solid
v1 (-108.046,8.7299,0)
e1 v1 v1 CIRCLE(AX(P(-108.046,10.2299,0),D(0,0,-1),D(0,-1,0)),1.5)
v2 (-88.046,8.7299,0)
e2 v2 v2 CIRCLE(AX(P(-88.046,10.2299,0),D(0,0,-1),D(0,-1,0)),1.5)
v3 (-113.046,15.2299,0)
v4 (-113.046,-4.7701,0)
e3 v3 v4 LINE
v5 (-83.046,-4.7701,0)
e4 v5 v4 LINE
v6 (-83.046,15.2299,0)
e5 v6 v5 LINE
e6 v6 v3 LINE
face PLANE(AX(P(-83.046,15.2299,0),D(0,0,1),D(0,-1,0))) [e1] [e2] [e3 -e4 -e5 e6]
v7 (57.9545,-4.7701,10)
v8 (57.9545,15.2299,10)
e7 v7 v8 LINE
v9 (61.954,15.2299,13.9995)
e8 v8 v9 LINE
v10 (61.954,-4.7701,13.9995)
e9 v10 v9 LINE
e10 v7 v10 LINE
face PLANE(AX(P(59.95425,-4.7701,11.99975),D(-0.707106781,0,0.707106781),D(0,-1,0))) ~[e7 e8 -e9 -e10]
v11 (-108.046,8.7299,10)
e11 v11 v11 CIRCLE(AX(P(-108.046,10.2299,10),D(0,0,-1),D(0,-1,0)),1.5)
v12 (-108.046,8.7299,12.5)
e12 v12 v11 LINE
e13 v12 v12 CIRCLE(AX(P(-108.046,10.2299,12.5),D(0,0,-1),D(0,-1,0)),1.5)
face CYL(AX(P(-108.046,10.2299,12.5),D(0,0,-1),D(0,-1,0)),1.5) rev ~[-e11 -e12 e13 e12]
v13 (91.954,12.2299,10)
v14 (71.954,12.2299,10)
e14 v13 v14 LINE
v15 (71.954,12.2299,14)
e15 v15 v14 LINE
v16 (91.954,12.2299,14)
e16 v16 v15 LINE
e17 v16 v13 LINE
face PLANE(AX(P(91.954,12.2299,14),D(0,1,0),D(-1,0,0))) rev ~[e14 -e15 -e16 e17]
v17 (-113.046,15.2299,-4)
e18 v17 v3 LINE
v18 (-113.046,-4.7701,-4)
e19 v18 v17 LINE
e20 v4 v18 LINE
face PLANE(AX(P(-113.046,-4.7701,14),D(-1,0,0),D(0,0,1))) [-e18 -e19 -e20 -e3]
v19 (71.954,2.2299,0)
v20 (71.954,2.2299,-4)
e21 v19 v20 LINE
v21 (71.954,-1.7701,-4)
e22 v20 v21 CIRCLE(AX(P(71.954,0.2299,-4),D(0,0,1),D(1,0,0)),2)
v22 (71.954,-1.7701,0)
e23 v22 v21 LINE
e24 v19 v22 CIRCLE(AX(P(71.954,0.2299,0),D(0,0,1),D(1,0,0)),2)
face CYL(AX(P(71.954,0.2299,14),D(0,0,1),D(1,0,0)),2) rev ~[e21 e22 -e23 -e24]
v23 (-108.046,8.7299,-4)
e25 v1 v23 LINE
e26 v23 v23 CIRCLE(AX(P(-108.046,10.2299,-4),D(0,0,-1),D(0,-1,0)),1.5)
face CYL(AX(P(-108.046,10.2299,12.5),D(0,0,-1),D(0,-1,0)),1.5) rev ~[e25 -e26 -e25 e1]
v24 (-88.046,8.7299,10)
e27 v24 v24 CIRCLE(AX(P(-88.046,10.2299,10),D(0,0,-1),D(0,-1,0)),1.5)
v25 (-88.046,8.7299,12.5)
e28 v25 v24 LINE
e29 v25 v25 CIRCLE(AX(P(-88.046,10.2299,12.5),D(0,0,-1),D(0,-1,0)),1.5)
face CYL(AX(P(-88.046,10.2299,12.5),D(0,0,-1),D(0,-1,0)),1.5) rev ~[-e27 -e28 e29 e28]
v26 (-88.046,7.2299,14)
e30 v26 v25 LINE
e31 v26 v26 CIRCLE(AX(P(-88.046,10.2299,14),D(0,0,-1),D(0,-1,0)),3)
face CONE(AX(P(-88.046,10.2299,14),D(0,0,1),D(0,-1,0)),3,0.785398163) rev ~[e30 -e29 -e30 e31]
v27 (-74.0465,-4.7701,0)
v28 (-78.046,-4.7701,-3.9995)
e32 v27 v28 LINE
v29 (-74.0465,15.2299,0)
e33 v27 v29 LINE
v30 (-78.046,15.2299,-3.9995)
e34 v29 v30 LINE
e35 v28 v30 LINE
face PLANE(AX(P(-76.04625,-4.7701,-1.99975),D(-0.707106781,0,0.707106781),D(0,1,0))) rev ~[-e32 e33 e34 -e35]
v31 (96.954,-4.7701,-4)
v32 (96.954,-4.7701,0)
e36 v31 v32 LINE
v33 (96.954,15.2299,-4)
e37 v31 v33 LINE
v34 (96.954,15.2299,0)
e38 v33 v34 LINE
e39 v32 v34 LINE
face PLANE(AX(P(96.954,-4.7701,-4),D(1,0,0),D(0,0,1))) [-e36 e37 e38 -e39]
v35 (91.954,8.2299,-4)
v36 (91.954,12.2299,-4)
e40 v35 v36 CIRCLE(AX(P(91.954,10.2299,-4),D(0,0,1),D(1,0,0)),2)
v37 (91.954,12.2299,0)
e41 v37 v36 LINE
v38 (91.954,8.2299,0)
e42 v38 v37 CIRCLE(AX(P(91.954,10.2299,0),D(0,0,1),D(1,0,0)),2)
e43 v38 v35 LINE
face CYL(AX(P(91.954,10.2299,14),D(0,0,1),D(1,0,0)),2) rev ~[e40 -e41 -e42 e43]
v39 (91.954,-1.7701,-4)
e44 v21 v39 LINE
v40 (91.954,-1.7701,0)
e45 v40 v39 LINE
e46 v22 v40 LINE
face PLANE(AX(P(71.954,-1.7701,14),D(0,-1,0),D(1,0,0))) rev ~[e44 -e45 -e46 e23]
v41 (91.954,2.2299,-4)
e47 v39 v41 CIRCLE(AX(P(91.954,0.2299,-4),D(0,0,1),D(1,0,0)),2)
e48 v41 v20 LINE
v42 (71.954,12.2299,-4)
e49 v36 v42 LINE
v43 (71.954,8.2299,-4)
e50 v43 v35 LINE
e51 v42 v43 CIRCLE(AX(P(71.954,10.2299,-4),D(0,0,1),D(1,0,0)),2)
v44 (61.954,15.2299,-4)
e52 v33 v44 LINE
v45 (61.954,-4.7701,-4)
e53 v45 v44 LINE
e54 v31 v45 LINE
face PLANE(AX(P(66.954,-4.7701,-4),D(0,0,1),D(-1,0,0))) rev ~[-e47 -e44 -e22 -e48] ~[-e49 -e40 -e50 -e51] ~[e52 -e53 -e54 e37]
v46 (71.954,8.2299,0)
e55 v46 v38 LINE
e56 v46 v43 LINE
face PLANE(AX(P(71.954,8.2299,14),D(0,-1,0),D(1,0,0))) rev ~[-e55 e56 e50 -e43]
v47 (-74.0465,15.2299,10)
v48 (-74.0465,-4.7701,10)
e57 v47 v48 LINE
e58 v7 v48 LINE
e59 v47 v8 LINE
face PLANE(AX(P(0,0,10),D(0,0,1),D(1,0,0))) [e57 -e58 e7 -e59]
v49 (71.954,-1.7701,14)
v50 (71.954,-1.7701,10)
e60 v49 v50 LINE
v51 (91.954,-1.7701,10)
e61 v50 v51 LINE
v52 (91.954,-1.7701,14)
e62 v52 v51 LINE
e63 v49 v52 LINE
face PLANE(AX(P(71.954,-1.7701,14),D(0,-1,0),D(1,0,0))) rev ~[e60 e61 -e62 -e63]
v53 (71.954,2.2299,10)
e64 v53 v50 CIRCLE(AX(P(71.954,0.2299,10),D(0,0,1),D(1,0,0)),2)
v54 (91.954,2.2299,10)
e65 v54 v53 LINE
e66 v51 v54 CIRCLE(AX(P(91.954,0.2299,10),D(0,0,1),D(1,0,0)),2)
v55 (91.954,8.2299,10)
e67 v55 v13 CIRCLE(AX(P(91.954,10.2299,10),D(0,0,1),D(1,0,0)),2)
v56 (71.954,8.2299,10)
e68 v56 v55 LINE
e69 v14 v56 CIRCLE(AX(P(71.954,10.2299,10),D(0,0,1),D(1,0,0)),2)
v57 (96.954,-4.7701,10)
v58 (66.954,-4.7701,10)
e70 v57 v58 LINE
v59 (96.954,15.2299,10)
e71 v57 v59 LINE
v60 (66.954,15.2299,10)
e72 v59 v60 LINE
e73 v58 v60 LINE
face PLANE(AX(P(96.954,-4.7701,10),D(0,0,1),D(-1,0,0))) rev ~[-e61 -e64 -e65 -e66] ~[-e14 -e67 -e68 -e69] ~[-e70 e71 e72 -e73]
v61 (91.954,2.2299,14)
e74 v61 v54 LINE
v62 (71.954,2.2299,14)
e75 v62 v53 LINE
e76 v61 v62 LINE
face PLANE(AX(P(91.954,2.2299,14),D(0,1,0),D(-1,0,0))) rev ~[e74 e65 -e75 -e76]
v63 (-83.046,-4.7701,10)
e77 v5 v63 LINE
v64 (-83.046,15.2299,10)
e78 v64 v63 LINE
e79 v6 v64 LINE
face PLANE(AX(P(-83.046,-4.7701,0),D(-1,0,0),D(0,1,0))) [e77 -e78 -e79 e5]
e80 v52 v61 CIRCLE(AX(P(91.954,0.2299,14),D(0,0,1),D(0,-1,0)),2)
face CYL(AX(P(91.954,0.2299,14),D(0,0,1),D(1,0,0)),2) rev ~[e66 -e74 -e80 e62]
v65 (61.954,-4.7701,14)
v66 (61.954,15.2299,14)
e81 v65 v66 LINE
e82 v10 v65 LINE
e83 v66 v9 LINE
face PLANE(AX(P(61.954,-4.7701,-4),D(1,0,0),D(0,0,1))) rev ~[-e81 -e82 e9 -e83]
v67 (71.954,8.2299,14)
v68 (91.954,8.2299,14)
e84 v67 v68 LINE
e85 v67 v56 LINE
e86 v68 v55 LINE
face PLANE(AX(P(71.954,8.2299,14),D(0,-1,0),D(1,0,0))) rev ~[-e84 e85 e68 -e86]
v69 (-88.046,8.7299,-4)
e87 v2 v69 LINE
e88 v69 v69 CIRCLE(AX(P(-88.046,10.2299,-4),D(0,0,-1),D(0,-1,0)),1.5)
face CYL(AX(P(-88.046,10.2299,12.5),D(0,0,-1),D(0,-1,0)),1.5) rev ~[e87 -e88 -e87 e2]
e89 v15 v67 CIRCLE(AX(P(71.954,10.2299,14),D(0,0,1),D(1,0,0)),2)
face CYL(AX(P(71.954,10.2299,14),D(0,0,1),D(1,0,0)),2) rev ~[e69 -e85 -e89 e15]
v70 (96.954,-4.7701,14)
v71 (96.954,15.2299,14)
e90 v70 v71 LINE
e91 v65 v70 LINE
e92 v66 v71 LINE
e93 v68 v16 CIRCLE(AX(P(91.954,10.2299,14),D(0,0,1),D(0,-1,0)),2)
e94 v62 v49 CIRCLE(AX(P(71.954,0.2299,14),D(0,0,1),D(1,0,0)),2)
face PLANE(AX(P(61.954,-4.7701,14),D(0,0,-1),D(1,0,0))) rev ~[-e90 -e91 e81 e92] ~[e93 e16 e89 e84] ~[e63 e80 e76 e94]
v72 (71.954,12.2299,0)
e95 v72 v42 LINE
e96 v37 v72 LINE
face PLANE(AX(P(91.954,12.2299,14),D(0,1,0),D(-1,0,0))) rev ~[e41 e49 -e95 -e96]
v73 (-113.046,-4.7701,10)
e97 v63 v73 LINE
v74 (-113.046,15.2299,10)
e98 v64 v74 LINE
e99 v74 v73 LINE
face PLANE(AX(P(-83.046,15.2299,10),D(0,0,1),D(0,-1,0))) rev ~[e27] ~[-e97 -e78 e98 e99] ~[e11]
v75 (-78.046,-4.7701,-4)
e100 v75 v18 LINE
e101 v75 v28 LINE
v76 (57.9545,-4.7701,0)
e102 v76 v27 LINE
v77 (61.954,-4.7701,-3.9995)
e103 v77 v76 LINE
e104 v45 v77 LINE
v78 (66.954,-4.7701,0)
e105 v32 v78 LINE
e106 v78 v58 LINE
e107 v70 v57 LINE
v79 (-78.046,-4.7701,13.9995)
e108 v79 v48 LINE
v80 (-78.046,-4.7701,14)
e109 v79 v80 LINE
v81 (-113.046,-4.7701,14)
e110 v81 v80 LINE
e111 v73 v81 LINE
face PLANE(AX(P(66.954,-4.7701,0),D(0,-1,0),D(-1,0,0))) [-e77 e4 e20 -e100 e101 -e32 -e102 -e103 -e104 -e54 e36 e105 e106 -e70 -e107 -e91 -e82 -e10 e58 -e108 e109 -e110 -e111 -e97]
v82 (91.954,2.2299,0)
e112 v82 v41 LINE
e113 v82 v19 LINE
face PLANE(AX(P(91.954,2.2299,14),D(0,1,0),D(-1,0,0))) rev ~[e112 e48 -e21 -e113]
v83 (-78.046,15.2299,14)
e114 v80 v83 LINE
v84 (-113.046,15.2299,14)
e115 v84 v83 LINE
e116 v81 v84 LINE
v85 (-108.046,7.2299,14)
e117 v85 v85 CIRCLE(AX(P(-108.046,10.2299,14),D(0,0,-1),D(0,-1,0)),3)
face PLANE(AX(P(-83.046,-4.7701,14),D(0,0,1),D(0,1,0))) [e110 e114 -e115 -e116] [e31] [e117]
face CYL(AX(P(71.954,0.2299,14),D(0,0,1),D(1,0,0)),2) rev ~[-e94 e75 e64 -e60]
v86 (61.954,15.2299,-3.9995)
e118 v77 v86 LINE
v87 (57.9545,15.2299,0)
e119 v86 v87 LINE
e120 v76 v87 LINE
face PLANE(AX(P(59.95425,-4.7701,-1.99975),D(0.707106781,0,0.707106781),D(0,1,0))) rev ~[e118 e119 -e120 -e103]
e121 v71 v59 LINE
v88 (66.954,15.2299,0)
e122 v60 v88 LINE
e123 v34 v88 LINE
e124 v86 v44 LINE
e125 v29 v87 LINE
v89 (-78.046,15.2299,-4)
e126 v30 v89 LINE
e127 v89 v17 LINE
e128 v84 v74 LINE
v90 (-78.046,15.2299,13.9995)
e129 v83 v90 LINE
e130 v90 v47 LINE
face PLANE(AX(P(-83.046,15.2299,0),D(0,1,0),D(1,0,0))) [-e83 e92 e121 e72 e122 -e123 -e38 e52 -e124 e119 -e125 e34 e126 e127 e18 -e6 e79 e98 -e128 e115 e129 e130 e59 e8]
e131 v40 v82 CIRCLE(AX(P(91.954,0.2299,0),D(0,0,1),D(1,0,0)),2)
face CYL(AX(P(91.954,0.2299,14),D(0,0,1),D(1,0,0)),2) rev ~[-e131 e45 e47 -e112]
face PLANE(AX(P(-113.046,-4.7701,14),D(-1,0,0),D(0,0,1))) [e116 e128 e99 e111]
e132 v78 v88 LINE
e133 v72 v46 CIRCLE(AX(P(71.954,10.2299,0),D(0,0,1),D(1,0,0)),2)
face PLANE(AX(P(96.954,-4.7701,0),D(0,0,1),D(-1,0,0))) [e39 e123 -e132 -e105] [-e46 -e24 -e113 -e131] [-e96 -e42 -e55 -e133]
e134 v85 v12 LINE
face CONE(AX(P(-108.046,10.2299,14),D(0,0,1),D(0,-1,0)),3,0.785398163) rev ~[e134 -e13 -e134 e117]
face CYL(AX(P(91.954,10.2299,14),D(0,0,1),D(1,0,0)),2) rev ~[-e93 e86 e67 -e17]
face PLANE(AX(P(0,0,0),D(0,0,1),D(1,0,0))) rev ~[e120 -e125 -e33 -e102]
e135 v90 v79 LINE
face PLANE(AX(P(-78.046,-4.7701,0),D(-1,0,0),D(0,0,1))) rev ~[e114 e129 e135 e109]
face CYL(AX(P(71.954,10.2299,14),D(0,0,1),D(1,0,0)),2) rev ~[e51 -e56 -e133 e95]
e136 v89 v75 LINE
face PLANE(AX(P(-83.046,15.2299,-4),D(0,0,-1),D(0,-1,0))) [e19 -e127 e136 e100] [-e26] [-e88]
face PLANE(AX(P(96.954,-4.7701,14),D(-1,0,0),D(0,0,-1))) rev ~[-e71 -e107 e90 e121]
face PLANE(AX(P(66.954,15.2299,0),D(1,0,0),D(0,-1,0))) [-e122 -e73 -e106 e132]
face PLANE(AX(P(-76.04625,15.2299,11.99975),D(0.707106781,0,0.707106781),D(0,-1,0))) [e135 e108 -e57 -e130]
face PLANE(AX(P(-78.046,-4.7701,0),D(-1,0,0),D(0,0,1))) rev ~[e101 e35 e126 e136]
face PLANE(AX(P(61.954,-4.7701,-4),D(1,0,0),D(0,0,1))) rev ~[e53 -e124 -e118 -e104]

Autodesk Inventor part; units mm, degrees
ref_plane "YZ Plane" through (0, 0, 0) normal (1, 0, 0) x (0, 1, 0)
ref_plane "XZ Plane" through (0, 0, 0) normal (0, 1, 0) x (-1, 0, 0)
ref_plane "XY Plane" through (0, 0, 0) normal (0, 0, 1) x (1, 0, 0)
sketch "Sketch1" plane through (0, 0, 0) normal (0, 0, 1) x (1, 0, 0)
  line L0 (-83.046, 15.2299) -> (66.954, 15.2299)
  line L1 (66.954, 15.2299) -> (66.954, -4.7701)
  line L2 (66.954, -4.7701) -> (-83.046, -4.7701)
  line L3 (-83.046, -4.7701) -> (-83.046, 15.2299)
  point P0 (0, 0)
  dimension "d0" = 150
  dimension "d1" = 20
extrude "Extrusion1" add sketch "Sketch1" along normal blind 10
sketch "Sketch2" plane through (-83.046, -4.7701, 0) normal (-1, 0, 0) x (0, 0, 1)
  point P0 (0, 4.7701)
sketch "Sketch3" plane through (-83.046, -4.7701, 0) normal (-1, 0, 0) x (0, 0, 1)
  line L0 (0, 20) -> (-4, 20)
  line L1 (-4, 20) -> (-4, 0)
  line L2 (-4, 0) -> (0, 0)
  line L3 (0, 0) -> (0, 20)
  line L4 (10, 0) -> (14, 0)
  line L5 (14, 0) -> (14, 20)
  line L6 (14, 20) -> (10, 20)
  line L7 (10, 20) -> (10, 0)
  line L8 (0, 0) -> (10, 0) projected
  line L9 (10, 20) -> (10, 0) projected
  point P0 (0, 4.7701)
  dimension "d4" = 4
  dimension "d5" = 4
extrude "Extrusion2" add sketch "Sketch3" against normal blind 5
sketch "Sketch4" plane through (-83.046, -4.7701, 14) normal (-1, 0, 0) x (0, 0, 1)
  line L0 (-18, 20) -> (-14, 20)
  line L1 (-14, 20) -> (-14, 0)
  line L2 (-14, 0) -> (-18, 0)
  line L3 (-18, 0) -> (-18, 20)
  line L4 (0, 20) -> (-4, 20)
  line L5 (-4, 20) -> (-4, 0)
  line L6 (-4, 0) -> (0, 0)
  line L7 (0, 0) -> (0, 20)
  point P0 (-14, 4.7701)
extrude "Extrusion3" add sketch "Sketch4" along normal blind 30
sketch "Sketch5" plane through (-78.046, -4.7701, 14) normal (0, 0, 1) x (1, 0, 0)
  line L0 (-35, 0) -> (-35, 20) projected
  line L1 (-5, 20) -> (-35, 20) projected
  line L2 (-5, 0) -> (-5, 20) projected
  point P0 (78.046, 4.7701)
  point P1 (-30, 15)
  point P2 (-10, 15)
  dimension "d10" = 5
  dimension "d11" = 5
  dimension "d12" = 5
  dimension "d13" = 5
hole "Hole1" at (-108.046, 10.2299, 14) at (-88.046, 10.2299, 14) direction (0, 0, -1) diameter 3 depth 30 tip angle 118 countersink diameter 6 countersink angle 90
chamfer "Chamfer1" distance 4 angle 45 2 edges at (-78.046, 5.2299, 10) (-78.046, 5.2299, 0)
sketch "Sketch6" plane through (66.954, -4.7701, 0) normal (0, -1, 0) x (1, 0, 0)
  line L0 (0, -4) -> (-5, -4)
  line L1 (-5, -4) -> (-5, 14)
  line L2 (-5, 14) -> (0, 14)
  line L3 (0, 14) -> (0, -4)
  line L4 (0, 0) -> (-141, 0) projected
  line L5 (-141, 10) -> (0, 10) projected
  line L6 (0, 0) -> (0, 10) projected
  point P0 (-66.954, 0)
  dimension "d24" = 4
  dimension "d25" = 4
  dimension "d26" = 5
extrude "Extrusion4" add sketch "Sketch6" against normal blind 20
sketch "Sketch7" plane through (-113.046, -4.7701, 10) normal (0, -1, 0) x (1, 0, 0)
  line L0 (180, -14) -> (210, -14)
  line L1 (210, -14) -> (210, -10)
  line L2 (210, -10) -> (180, -10)
  line L3 (180, -10) -> (180, -14)
  line L4 (180, 4) -> (210, 4)
  line L5 (210, 4) -> (210, 0)
  line L6 (210, 0) -> (180, 0)
  line L7 (180, 0) -> (180, 4)
  point P0 (113.046, -10)
  dimension "d29" = 30
  dimension "d30" = 30
  dimension "d31" = 4
  dimension "d32" = 4
extrude "Extrusion5" add sketch "Sketch7" against normal blind 20
chamfer "Chamfer2" distance 4 angle 45 2 edges at (61.954, 5.2299, 10) (61.954, 5.2299, 0)
sketch "Sketch8" plane through (96.954, -4.7701, 14) normal (0, 0, 1) x (1, 0, 0)
  line L0 (-30, 20) -> (-30, 0) projected
  line L1 (0, 0) -> (0, 20) projected
  line L2 (-35, 20) -> (0, 20) projected
  line L3 (-35, 0) -> (0, 0) projected
  circle A0 centre (-25, 5) radius 2
  circle A1 centre (-25, 15) radius 2
  circle A2 centre (-5, 5) radius 2
  circle A3 centre (-5, 15) radius 2
  line L4 (-25, 3) -> (-5, 3)
  line L5 (-5, 7) -> (-25, 7)
  line L6 (-25, 13) -> (-5, 13)
  line L7 (-5, 17) -> (-25, 17)
  point P0 (-96.954, 4.7701)
  dimension "d38" = 5
  dimension "d39" = 5
  dimension "d40" = 5
  dimension "d41" = 5
  dimension "d42" = 5
  dimension "d43" = 5
  dimension "d44" = 5
  dimension "d45" = 5
  dimension "d46" = 4
  dimension "d47" = 4
  dimension "d48" = 4
  dimension "d49" = 4
extrude "Extrusion6" cut sketch "Sketch8" against normal blind 20 contours A0 | A0 L5 A2 L4 | A2 | A1 | A1 L7 A3 L6 | A3
properties part number "Upper Support beam"
